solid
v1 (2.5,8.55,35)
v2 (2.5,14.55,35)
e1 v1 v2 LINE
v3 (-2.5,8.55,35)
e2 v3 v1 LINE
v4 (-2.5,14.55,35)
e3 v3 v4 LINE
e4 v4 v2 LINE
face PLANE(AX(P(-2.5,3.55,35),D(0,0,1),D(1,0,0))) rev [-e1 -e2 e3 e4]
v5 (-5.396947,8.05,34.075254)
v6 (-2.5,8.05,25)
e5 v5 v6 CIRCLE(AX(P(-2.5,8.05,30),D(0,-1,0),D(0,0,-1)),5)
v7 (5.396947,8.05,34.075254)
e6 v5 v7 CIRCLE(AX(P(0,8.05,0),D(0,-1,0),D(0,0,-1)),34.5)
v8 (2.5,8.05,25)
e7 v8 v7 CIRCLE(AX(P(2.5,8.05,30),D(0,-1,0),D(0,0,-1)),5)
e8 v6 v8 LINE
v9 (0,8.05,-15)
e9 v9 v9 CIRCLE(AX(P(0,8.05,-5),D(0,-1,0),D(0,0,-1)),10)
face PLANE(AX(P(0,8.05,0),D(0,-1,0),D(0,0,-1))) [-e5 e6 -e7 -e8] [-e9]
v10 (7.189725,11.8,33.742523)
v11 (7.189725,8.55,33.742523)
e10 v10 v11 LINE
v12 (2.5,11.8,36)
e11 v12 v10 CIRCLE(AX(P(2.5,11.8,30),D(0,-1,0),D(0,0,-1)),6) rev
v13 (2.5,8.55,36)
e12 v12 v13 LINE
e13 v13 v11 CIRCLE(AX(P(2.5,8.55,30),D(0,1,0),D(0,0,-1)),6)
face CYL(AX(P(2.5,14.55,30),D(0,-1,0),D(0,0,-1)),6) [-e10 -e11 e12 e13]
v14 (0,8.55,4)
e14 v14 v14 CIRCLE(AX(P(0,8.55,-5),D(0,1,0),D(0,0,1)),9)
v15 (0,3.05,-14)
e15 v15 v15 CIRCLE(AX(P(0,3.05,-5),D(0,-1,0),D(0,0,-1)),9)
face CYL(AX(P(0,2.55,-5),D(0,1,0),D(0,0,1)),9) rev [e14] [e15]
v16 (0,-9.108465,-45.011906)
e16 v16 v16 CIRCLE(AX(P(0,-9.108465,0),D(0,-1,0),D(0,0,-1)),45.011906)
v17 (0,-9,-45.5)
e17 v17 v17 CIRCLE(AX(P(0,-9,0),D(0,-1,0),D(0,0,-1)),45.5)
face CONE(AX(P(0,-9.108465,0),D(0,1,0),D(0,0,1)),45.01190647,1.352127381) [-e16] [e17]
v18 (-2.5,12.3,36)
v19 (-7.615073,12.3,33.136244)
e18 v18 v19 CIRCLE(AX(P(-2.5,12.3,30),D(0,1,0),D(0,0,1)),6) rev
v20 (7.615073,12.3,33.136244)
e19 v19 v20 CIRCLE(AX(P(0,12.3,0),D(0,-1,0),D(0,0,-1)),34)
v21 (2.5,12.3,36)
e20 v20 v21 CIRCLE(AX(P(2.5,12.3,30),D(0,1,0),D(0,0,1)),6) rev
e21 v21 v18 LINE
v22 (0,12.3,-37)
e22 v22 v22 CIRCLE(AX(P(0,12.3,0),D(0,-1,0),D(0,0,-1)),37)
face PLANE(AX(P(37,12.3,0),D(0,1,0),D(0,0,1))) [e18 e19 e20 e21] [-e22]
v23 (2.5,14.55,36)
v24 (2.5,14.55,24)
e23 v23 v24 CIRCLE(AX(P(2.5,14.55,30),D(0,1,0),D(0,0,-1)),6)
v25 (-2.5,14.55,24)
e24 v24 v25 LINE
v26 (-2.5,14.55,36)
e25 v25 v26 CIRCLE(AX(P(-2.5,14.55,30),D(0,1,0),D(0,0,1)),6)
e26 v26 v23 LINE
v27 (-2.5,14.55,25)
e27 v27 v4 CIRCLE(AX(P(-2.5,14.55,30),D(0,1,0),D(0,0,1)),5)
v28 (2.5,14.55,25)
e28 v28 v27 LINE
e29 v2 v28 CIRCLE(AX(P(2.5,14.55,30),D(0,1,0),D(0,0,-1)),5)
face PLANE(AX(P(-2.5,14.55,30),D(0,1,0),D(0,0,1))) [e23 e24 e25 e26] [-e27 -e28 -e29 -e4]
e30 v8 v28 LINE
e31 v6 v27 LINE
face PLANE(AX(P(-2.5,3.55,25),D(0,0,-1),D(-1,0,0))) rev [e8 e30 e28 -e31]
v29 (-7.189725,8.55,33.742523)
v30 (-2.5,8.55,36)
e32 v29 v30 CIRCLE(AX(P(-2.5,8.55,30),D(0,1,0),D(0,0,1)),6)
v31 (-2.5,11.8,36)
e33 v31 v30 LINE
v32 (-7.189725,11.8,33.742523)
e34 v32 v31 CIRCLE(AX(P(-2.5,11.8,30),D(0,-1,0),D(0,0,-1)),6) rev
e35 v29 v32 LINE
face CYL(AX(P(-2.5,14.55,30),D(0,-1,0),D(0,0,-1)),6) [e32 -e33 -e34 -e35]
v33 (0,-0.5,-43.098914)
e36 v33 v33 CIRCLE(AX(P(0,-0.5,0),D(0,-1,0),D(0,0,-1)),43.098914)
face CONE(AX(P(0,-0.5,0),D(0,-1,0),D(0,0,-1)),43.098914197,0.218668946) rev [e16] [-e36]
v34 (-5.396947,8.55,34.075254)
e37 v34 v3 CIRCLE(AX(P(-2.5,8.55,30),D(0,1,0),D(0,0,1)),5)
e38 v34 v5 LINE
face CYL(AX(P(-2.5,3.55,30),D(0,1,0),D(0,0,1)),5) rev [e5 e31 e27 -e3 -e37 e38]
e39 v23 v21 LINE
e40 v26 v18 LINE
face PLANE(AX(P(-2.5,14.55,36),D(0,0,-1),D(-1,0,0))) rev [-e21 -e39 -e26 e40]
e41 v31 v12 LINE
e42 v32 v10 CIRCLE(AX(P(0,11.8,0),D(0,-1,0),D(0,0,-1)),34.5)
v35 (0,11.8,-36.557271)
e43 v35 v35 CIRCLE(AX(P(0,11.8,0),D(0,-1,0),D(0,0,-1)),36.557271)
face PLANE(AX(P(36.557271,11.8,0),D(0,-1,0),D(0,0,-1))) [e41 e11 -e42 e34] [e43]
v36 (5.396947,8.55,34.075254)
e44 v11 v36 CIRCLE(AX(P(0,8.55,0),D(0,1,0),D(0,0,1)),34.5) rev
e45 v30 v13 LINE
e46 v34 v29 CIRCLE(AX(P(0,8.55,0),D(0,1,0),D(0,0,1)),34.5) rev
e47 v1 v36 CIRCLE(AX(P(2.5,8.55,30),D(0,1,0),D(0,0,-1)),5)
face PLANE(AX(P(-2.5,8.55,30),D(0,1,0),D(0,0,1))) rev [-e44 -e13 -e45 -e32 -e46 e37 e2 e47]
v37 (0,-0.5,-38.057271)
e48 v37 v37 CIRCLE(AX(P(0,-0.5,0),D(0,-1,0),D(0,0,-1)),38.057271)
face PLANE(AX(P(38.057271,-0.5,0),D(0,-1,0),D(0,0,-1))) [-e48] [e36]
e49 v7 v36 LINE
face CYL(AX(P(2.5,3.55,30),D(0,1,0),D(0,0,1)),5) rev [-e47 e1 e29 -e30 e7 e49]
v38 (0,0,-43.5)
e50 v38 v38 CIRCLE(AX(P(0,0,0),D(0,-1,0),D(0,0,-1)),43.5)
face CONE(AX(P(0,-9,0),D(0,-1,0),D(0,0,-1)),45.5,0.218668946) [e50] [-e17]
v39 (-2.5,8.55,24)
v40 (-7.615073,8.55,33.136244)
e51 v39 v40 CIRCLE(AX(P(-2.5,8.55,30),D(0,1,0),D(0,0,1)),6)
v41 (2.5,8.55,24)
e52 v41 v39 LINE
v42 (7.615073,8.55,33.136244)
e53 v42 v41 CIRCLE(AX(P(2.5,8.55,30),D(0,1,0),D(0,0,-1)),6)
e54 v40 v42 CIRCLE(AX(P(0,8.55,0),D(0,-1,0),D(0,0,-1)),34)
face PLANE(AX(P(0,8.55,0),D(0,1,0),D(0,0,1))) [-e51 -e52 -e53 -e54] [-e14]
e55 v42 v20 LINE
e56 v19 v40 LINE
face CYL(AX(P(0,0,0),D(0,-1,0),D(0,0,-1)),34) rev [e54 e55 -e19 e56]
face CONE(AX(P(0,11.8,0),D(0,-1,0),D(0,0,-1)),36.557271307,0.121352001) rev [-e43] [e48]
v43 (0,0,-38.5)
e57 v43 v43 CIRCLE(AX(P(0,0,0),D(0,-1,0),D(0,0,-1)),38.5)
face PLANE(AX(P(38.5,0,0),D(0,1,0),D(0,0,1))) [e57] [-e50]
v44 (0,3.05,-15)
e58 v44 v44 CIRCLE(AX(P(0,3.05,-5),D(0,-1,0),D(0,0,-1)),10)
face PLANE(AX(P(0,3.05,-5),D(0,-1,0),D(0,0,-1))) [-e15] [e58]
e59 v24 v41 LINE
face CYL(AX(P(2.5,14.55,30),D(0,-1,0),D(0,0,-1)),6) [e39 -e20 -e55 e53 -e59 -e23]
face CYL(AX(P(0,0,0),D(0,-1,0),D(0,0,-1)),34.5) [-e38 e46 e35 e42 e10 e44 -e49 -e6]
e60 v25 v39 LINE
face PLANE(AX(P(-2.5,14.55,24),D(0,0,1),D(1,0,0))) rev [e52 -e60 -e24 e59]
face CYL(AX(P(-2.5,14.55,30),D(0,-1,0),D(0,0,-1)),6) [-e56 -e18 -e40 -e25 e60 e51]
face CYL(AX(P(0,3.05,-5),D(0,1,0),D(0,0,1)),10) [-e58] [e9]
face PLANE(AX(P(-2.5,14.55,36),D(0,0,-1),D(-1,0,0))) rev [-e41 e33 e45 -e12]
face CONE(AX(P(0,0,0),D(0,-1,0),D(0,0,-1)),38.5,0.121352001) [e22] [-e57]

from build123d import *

# Parameters (mm, degrees)
CUT_EXTRUDE_1_DEPTH = 5
EXTRUDE_START       = 6
EXTRUDE_1_DEPTH     = 6
SKETCH_8_R          = 9
CUT_EXTRUDE_2_DEPTH = 6
SKETCH_9_R          = 10
SKETCH_9_R_2        = 9
EXTRUDE_2_DEPTH     = 5


with BuildPart() as part:
    # 草图2 → 旋转1 (revolve)
    with BuildSketch(Plane.XY, mode=Mode.PRIVATE) as revolve_1_sk:
        Polygon((43.5, 0), (45.5, -9), (45.01190647, -9.108465229), (43.098914197, -0.5), (38.057271307, -0.5), (36.557271307, 11.8), (34.5, 11.8), (34.5, 8.05), (0, 8.05), (0, 8.55), (34, 8.55), (34, 12.3), (37, 12.3), (38.5, 0), align=None)
    revolve(revolve_1_sk.sketch.rotate(Axis((0, 0, 0), (0, 1, 0)), 90), axis=Axis((0, 0, 0), (0, 1, 0)))

    # 草图4 → 切除-拉伸1 (cut, symmetric)
    with BuildSketch(Plane(origin=(0, 8.55, 0), x_dir=(1, 0, 0), z_dir=(0, 1, 0))):
        with BuildLine():
            Line((-2.5, -35), (2.5, -35))
            ThreePointArc((2.5, -35), (7.5, -30), (2.5, -25))
            Line((2.5, -25), (-2.5, -25))
            ThreePointArc((-2.5, -25), (-7.5, -30), (-2.5, -35))
        make_face()
    extrude(amount=CUT_EXTRUDE_1_DEPTH, both=True, mode=Mode.SUBTRACT)

    # 草图6 → 凸台-拉伸1 (add)
    with BuildSketch(Plane(origin=(0, 8.55, 0), x_dir=(1, 0, 0), z_dir=(0, 1, 0)).offset(EXTRUDE_START)):
        with BuildLine():
            Line((-2.5, -24), (2.5, -24))
            ThreePointArc((2.5, -24), (8.5, -30), (2.5, -36))
            Line((2.5, -36), (-2.5, -36))
            ThreePointArc((-2.5, -36), (-8.5, -30), (-2.5, -24))
        make_face()
        with BuildLine():
            Line((-2.5, -25), (2.5, -25))
            ThreePointArc((2.5, -25), (7.5, -30), (2.5, -35))
            Line((2.5, -35), (-2.5, -35))
            ThreePointArc((-2.5, -35), (-7.5, -30), (-2.5, -25))
        make_face(mode=Mode.SUBTRACT)
    extrude(amount=-EXTRUDE_1_DEPTH)

    # 草图8 → 切除-拉伸2 (cut)
    with BuildSketch(Plane(origin=(0, 8.55, 0), x_dir=(1, 0, 0), z_dir=(0, 1, 0))):
        with Locations(Location((0, 5, 0), (0, 0, 270))):
            Circle(SKETCH_8_R)
    extrude(amount=-CUT_EXTRUDE_2_DEPTH, mode=Mode.SUBTRACT)

    # 草图9 → 凸台-拉伸2 (add)
    with BuildSketch(Plane.XZ.offset(-8.05)):
        with Locations(Location((0, -5, 0), (0, 0, 270))):
            Circle(SKETCH_9_R)
        with Locations(Location((0, -5, 0), (0, 0, 90))):
            Circle(SKETCH_9_R_2, mode=Mode.SUBTRACT)
    extrude(amount=EXTRUDE_2_DEPTH)


solid = part.part
